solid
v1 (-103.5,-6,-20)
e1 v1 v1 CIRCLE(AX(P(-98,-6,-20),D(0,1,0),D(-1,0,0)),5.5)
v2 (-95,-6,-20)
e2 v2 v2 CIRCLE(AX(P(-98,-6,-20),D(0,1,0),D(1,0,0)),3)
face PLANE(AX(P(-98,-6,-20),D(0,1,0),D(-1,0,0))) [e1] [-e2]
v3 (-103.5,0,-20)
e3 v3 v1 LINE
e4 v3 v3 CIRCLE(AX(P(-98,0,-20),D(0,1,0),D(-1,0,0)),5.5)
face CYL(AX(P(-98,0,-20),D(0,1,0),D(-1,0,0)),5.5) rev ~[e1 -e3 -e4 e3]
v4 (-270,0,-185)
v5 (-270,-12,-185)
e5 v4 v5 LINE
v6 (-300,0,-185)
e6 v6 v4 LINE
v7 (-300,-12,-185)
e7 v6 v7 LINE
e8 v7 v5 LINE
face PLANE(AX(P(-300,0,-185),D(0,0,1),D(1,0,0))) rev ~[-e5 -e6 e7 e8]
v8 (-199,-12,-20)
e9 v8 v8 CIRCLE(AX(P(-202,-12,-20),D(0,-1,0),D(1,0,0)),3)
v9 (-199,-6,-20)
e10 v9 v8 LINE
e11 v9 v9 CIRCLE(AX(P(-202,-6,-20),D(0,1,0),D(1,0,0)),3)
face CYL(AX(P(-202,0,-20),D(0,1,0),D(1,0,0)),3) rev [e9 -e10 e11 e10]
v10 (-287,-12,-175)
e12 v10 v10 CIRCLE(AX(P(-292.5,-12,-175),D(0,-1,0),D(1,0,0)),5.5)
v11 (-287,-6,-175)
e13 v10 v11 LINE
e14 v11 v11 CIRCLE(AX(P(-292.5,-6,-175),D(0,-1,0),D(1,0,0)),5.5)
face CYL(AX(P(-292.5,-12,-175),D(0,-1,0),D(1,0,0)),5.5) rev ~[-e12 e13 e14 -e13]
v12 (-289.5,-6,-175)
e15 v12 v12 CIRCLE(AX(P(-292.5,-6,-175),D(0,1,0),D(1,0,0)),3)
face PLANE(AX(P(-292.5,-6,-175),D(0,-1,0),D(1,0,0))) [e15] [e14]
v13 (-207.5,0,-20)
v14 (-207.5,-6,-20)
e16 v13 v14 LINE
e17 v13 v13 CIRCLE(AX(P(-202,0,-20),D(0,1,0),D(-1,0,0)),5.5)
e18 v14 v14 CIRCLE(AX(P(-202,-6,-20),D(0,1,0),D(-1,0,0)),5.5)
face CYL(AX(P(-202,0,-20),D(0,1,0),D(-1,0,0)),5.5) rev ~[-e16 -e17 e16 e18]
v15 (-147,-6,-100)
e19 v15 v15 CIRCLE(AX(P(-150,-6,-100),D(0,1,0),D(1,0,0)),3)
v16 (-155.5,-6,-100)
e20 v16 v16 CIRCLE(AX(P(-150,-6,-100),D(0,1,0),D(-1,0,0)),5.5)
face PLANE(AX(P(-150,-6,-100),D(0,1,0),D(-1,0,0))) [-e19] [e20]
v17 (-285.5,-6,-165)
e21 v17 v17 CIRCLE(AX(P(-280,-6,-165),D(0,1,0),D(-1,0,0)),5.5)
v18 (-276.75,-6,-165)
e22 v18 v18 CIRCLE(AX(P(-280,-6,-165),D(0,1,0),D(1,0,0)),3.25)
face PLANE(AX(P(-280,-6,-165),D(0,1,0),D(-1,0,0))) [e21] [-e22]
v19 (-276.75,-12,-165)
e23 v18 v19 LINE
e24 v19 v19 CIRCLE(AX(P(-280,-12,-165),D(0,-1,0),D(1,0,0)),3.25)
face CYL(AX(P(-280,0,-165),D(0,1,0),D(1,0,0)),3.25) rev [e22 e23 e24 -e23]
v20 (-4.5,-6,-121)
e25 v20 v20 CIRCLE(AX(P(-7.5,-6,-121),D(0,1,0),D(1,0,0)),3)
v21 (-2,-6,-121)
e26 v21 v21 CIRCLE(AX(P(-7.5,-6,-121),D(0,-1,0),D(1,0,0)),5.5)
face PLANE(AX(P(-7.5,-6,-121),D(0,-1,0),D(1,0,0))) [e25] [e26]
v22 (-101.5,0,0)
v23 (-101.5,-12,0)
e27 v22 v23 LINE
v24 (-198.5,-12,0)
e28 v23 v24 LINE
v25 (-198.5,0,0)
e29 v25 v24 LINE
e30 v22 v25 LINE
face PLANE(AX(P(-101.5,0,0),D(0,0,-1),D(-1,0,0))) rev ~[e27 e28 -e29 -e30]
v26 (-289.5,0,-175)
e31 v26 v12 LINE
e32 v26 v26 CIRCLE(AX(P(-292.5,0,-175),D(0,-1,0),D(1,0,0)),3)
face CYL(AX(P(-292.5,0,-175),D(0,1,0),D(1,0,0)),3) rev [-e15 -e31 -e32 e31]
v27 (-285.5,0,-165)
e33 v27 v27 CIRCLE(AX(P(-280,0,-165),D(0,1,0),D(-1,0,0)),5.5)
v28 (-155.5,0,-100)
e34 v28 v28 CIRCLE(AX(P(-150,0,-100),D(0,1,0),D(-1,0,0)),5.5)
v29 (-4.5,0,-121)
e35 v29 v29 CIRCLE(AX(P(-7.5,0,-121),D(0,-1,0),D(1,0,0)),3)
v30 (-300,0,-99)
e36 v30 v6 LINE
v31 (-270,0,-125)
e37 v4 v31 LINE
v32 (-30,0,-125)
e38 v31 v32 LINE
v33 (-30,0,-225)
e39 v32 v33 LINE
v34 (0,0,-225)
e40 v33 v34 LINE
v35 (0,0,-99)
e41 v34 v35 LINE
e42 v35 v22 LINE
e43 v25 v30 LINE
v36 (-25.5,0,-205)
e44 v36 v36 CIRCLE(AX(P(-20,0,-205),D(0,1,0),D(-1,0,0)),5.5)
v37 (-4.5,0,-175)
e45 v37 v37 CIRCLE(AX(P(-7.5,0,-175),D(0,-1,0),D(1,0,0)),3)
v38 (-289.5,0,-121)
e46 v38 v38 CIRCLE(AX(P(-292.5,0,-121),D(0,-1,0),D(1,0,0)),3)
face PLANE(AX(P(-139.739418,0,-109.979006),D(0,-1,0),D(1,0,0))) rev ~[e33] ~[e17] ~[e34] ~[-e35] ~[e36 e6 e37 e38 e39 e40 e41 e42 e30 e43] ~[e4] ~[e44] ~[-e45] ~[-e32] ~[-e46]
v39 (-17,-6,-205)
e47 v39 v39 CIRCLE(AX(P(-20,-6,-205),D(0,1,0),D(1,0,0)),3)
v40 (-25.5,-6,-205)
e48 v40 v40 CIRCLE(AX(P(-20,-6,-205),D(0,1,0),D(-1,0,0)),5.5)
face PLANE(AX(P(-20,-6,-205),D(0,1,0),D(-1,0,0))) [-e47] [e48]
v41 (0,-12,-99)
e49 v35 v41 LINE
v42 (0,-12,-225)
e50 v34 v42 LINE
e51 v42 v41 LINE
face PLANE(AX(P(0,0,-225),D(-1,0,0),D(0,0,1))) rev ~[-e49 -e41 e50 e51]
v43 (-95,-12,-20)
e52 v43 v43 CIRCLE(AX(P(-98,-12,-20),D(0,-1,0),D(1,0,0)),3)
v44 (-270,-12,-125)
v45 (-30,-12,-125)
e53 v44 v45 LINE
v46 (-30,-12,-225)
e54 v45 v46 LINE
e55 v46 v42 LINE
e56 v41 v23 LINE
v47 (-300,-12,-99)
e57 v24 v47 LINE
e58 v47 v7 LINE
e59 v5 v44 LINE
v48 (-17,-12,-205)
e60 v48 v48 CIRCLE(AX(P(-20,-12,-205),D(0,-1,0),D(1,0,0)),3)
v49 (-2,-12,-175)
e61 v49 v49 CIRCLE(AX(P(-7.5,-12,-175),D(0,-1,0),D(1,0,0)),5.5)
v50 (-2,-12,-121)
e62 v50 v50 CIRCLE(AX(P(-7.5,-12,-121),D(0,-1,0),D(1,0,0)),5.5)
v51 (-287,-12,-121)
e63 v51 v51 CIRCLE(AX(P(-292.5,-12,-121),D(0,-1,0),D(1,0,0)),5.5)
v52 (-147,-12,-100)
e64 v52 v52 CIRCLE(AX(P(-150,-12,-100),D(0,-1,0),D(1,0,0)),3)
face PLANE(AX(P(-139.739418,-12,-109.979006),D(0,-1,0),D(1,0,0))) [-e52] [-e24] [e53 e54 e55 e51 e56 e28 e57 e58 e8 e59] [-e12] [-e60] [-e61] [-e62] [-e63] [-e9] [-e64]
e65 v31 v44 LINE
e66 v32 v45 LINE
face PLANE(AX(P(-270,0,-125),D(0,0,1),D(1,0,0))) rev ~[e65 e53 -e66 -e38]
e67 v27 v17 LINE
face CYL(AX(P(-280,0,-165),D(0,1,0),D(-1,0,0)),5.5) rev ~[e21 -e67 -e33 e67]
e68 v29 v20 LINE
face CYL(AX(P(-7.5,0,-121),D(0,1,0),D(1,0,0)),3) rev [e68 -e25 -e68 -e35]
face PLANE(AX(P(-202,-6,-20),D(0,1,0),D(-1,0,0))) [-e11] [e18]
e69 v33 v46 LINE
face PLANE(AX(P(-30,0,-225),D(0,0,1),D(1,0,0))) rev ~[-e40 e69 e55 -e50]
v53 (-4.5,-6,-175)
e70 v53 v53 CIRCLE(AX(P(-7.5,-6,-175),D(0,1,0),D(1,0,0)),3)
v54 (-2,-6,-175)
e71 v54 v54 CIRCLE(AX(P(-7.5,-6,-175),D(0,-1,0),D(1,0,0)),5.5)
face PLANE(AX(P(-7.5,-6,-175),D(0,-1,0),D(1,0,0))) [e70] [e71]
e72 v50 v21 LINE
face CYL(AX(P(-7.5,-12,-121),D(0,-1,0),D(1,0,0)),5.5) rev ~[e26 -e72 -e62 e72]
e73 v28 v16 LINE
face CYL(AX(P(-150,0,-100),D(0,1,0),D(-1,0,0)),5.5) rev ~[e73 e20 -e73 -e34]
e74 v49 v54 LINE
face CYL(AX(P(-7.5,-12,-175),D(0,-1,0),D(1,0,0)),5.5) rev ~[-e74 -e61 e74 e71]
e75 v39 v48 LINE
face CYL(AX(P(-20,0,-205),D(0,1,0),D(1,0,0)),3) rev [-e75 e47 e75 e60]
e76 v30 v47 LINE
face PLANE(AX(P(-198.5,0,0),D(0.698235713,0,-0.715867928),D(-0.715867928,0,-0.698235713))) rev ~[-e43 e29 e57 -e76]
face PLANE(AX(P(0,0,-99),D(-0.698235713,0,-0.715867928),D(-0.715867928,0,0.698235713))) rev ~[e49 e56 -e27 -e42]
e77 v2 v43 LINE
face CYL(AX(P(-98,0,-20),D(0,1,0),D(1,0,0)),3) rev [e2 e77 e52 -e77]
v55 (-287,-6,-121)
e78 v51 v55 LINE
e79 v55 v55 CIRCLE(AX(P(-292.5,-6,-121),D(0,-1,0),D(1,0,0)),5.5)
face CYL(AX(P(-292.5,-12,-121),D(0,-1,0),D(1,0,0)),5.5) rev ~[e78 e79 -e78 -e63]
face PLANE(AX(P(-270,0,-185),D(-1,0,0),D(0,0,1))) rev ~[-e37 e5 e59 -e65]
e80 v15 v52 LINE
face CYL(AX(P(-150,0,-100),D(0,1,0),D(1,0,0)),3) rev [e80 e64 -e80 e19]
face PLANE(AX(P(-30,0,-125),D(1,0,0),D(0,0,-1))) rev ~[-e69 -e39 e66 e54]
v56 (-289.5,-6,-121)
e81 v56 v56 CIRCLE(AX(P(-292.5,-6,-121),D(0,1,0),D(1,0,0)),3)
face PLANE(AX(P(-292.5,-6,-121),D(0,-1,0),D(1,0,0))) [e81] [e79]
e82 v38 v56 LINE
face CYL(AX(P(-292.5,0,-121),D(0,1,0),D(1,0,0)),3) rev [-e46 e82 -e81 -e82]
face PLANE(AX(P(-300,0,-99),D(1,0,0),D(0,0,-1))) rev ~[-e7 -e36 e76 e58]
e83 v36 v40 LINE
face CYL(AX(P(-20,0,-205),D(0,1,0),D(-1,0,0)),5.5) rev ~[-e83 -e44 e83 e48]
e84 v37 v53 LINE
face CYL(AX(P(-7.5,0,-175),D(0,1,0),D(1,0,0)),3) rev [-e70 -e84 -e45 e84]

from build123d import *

# Parameters (mm, degrees)
F0_R     = 3
F0_R_2   = 3.25
F1_DEPTH = 12
F2_R     = 5.5
F3_DEPTH = 6
F4_R     = 5.5
F5_DEPTH = 6


with BuildPart() as f1:
    # F0 (on Front) → F1 (new body)
    with BuildSketch(Plane.XZ):
        Polygon((-300, -99), (-300, -185), (-270, -185), (-270, -125), (-30, -125), (-30, -225), (0, -225), (0, -99), (-101.5, 0), (-198.5, 0), align=None)
        with Locations((-292.5, -175)):
            Circle(F0_R, mode=Mode.SUBTRACT)
        with Locations((-280, -165)):
            Circle(F0_R_2, mode=Mode.SUBTRACT)
        with Locations((-292.5, -121)):
            Circle(F0_R, mode=Mode.SUBTRACT)
        with Locations((-20, -205)):
            Circle(F0_R, mode=Mode.SUBTRACT)
        with Locations((-7.5, -175)):
            Circle(F0_R, mode=Mode.SUBTRACT)
        with Locations((-7.5, -121)):
            Circle(F0_R, mode=Mode.SUBTRACT)
        with Locations((-202, -20)):
            Circle(F0_R, mode=Mode.SUBTRACT)
        with Locations((-150, -100)):
            Circle(F0_R, mode=Mode.SUBTRACT)
        with Locations((-98, -20)):
            Circle(F0_R, mode=Mode.SUBTRACT)
    extrude(amount=F1_DEPTH)

    # F2 (on face) → F3 (cut)
    with BuildSketch(Plane.XZ.offset(12)):
        with Locations((-292.5, -175)):
            Circle(F2_R)
        with Locations((-292.5, -121)):
            Circle(F2_R)
        with Locations((-7.5, -175)):
            Circle(F2_R)
        with Locations((-7.5, -121)):
            Circle(F2_R)
    extrude(amount=-F3_DEPTH, mode=Mode.SUBTRACT)

    # F4 (on face) → F5 (cut)
    with BuildSketch(Plane(origin=(0, 0, 0), x_dir=(-1, 0, 0), z_dir=(0, 1, 0))):
        with Locations((20, -205)):
            Circle(F4_R)
        with Locations((280, -165)):
            Circle(F4_R)
        with Locations((98, -20)):
            Circle(F4_R)
        with Locations((202, -20)):
            Circle(F4_R)
        with Locations((150, -100)):
            Circle(F4_R)
    extrude(amount=-F5_DEPTH, mode=Mode.SUBTRACT)


solid = f1.part
